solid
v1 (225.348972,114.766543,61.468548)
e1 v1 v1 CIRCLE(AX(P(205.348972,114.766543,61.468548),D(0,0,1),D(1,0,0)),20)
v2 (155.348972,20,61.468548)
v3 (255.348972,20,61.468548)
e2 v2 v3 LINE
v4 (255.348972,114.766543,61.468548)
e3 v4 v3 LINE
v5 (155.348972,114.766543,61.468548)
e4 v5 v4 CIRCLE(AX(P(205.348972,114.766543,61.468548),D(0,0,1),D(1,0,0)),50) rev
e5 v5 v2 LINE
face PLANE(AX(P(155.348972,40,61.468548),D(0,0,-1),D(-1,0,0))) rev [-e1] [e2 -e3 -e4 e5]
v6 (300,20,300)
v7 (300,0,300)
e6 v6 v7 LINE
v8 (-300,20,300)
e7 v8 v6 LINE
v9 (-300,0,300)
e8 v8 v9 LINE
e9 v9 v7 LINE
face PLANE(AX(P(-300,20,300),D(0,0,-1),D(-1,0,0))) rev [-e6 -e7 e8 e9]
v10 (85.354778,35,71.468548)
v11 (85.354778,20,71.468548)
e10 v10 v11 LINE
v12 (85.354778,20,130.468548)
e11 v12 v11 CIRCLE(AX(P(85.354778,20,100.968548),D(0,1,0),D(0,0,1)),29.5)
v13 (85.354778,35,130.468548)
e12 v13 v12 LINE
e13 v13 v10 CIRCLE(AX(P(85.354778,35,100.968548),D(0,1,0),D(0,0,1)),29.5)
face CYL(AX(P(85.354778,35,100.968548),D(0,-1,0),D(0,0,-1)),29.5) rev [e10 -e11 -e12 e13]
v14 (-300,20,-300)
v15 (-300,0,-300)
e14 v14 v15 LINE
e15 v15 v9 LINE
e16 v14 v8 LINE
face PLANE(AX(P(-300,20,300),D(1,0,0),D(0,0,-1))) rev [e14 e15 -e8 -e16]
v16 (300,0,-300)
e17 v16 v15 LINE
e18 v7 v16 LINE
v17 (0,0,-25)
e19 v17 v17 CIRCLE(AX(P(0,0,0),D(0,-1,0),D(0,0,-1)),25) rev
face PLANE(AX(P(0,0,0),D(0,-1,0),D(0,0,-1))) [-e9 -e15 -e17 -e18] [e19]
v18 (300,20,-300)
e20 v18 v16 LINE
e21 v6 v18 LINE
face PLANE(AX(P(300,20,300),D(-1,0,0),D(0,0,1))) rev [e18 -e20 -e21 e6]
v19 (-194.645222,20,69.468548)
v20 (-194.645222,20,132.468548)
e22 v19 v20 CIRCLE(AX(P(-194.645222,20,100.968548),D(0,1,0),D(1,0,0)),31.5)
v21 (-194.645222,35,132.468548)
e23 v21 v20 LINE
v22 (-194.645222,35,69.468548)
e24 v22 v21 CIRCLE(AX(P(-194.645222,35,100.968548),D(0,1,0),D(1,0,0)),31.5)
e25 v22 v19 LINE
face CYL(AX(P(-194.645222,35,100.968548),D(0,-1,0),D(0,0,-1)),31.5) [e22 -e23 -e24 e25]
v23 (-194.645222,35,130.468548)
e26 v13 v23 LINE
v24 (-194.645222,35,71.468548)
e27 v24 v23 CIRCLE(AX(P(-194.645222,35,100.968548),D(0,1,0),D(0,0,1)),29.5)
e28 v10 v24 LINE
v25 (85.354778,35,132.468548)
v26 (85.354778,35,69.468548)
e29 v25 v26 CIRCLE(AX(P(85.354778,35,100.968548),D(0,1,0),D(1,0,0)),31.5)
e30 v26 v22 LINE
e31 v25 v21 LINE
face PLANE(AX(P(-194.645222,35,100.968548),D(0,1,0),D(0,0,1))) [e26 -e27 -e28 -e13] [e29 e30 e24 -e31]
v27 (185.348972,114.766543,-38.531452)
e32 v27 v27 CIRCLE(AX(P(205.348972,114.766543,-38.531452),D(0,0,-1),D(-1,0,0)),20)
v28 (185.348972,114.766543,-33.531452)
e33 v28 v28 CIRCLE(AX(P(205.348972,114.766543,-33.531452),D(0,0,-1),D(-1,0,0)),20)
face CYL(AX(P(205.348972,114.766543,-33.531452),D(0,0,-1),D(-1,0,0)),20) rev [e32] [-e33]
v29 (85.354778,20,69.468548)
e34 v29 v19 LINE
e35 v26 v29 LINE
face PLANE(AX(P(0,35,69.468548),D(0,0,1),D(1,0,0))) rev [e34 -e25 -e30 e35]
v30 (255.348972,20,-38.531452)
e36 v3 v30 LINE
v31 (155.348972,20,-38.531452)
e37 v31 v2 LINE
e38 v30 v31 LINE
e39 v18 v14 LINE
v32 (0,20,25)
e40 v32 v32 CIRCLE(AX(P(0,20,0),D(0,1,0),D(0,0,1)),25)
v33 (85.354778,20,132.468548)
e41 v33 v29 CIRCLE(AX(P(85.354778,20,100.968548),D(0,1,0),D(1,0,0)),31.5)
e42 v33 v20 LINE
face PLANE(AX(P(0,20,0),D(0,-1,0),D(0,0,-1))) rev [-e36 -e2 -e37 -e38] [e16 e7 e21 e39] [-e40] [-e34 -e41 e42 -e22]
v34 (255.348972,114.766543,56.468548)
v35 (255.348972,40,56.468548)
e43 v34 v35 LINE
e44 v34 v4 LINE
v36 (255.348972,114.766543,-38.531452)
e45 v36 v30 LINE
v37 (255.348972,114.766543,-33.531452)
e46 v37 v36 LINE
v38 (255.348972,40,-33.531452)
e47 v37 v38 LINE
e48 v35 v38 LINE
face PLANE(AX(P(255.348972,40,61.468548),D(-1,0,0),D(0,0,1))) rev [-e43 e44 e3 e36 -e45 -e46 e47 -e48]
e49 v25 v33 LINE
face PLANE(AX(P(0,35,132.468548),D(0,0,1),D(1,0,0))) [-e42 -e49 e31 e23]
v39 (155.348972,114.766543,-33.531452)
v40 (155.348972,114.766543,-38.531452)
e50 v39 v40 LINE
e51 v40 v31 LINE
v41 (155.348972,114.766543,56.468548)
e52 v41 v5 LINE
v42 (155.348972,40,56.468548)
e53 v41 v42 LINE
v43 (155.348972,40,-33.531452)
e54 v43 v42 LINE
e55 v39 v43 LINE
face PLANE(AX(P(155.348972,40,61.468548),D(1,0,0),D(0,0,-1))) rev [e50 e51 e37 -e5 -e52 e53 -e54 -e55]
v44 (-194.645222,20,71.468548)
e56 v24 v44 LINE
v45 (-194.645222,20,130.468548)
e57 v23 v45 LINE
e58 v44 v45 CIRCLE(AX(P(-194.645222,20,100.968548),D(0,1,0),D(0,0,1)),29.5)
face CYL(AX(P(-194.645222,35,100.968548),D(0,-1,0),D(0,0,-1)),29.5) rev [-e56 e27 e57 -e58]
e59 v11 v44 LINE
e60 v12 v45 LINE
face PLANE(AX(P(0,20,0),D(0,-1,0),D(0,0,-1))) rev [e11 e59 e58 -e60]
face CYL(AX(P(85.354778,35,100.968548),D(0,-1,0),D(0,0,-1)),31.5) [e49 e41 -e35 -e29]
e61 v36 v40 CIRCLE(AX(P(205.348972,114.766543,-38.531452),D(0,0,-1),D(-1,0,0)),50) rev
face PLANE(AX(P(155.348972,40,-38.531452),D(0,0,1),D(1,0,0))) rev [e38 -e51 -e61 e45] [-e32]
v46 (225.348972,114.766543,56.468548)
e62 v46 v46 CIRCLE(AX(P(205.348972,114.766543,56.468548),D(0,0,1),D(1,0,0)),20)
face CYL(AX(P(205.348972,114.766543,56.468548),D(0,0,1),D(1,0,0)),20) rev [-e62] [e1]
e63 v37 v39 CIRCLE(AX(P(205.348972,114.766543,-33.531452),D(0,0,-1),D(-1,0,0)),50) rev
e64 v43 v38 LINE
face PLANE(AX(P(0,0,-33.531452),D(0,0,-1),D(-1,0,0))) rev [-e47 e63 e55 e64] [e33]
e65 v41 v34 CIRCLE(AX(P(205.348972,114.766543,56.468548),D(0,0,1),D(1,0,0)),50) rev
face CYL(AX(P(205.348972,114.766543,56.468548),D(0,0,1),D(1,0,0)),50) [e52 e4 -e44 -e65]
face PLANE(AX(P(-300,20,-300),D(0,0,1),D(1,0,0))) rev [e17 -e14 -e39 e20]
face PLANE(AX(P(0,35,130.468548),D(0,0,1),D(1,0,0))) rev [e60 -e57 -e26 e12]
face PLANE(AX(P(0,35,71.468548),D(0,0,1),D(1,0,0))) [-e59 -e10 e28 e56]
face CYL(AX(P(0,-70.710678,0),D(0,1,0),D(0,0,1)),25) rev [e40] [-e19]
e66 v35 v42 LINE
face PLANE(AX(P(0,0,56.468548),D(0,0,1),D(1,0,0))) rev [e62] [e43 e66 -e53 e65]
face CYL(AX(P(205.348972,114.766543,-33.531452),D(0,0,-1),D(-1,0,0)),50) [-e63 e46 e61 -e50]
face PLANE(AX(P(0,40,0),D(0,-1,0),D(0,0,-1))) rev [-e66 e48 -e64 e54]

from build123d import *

# Parameters (mm, degrees)
SKETCH_1_W          = 600
SKETCH_1_H          = 600
EXTRUDE_1_DEPTH     = 20
SKETCH_2_W          = 100
SKETCH_2_H          = 100
EXTRUDE_2_DEPTH     = 20
SKETCH_3_R          = 20
EXTRUDE_3_DEPTH     = 5
EXTRUDE_START       = -5
SKETCH_5_R          = 20
EXTRUDE_4_DEPTH     = 5
EXTRUDE_1_2_DEPTH   = 15
SKETCH_7_R          = 25
CUT_EXTRUDE_1_DEPTH = 20


with BuildPart() as part:
    # 草图1 → Extrude 1 (new body)
    with BuildSketch(Plane(origin=(0, 0, 0), x_dir=(1, 0, 0), z_dir=(0, 1, 0))):
        Rectangle(SKETCH_1_W, SKETCH_1_H)
    extrude(amount=EXTRUDE_1_DEPTH)

    # 草图2 → 凸台-拉伸2 (add)
    with BuildSketch(Plane(origin=(0, 20, 0), x_dir=(1, 0, 0), z_dir=(0, 1, 0))):
        with Locations((205.348971612, -11.468548329)):
            Rectangle(SKETCH_2_W, SKETCH_2_H)
    extrude(amount=EXTRUDE_2_DEPTH)

    # 草图3 → 凸台-拉伸3 (add)
    with BuildSketch(Plane.XY.offset(61.468548329)):
        with BuildLine():
            Line((255.348971612, 40), (255.348971612, 114.766543298))
            ThreePointArc((255.348971612, 114.766543298), (205.348971612, 164.766543298), (155.348971612, 114.766543298))
            Line((155.348971612, 114.766543298), (155.348971612, 40))
            Line((155.348971612, 40), (255.348971612, 40))
        make_face()
        with Locations((205.348971612, 114.766543298)):
            Circle(SKETCH_3_R, mode=Mode.SUBTRACT)
    extrude(amount=-EXTRUDE_3_DEPTH)

    # 草图5 → 凸台-拉伸4 (add)
    with BuildSketch(Plane(origin=(0, 0, -38.531451671), x_dir=(-1, 0, 0), z_dir=(0, 0, -1)).offset(EXTRUDE_START)):
        with BuildLine():
            ThreePointArc((-255.348971612, 114.766543298), (-205.348971612, 164.766543298), (-155.348971612, 114.766543298))
            Line((-155.348971612, 114.766543298), (-155.348971612, 40))
            Line((-155.348971612, 40), (-255.348971612, 40))
            Line((-255.348971612, 40), (-255.348971612, 114.766543298))
        make_face()
        with Locations(Location((-205.348971612, 114.766543298, 0), (0, 0, 180))):
            Circle(SKETCH_5_R, mode=Mode.SUBTRACT)
    extrude(amount=EXTRUDE_4_DEPTH)

    # 草图6 → Extrude 1 2 (add)
    with BuildSketch(Plane(origin=(0, 20, 0), x_dir=(1, 0, 0), z_dir=(0, 1, 0))):
        with BuildLine():
            Line((-194.645221659, -69.468548329), (85.354778341, -69.468548329))
            ThreePointArc((85.354778341, -69.468548329), (116.854778341, -100.968548329), (85.354778341, -132.468548329))
            Line((85.354778341, -132.468548329), (-194.645221659, -132.468548329))
            ThreePointArc((-194.645221659, -132.468548329), (-226.145221659, -100.968548329), (-194.645221659, -69.468548329))
        make_face()
        with BuildLine():
            Line((-194.645221659, -71.468548329), (85.354778341, -71.468548329))
            ThreePointArc((85.354778341, -71.468548329), (114.854778341, -100.968548329), (85.354778341, -130.468548329))
            Line((85.354778341, -130.468548329), (-194.645221659, -130.468548329))
            ThreePointArc((-194.645221659, -130.468548329), (-224.145221659, -100.968548329), (-194.645221659, -71.468548329))
        make_face(mode=Mode.SUBTRACT)
    extrude(amount=EXTRUDE_1_2_DEPTH)

    # 草图7 → 切除-拉伸1 (cut)
    with BuildSketch(Plane(origin=(0, 20, 0), x_dir=(1, 0, 0), z_dir=(0, 1, 0))):
        with Locations(Location((0, 0, 0), (0, 0, 270))):
            Circle(SKETCH_7_R)
    extrude(amount=-CUT_EXTRUDE_1_DEPTH, mode=Mode.SUBTRACT)


solid = part.part
